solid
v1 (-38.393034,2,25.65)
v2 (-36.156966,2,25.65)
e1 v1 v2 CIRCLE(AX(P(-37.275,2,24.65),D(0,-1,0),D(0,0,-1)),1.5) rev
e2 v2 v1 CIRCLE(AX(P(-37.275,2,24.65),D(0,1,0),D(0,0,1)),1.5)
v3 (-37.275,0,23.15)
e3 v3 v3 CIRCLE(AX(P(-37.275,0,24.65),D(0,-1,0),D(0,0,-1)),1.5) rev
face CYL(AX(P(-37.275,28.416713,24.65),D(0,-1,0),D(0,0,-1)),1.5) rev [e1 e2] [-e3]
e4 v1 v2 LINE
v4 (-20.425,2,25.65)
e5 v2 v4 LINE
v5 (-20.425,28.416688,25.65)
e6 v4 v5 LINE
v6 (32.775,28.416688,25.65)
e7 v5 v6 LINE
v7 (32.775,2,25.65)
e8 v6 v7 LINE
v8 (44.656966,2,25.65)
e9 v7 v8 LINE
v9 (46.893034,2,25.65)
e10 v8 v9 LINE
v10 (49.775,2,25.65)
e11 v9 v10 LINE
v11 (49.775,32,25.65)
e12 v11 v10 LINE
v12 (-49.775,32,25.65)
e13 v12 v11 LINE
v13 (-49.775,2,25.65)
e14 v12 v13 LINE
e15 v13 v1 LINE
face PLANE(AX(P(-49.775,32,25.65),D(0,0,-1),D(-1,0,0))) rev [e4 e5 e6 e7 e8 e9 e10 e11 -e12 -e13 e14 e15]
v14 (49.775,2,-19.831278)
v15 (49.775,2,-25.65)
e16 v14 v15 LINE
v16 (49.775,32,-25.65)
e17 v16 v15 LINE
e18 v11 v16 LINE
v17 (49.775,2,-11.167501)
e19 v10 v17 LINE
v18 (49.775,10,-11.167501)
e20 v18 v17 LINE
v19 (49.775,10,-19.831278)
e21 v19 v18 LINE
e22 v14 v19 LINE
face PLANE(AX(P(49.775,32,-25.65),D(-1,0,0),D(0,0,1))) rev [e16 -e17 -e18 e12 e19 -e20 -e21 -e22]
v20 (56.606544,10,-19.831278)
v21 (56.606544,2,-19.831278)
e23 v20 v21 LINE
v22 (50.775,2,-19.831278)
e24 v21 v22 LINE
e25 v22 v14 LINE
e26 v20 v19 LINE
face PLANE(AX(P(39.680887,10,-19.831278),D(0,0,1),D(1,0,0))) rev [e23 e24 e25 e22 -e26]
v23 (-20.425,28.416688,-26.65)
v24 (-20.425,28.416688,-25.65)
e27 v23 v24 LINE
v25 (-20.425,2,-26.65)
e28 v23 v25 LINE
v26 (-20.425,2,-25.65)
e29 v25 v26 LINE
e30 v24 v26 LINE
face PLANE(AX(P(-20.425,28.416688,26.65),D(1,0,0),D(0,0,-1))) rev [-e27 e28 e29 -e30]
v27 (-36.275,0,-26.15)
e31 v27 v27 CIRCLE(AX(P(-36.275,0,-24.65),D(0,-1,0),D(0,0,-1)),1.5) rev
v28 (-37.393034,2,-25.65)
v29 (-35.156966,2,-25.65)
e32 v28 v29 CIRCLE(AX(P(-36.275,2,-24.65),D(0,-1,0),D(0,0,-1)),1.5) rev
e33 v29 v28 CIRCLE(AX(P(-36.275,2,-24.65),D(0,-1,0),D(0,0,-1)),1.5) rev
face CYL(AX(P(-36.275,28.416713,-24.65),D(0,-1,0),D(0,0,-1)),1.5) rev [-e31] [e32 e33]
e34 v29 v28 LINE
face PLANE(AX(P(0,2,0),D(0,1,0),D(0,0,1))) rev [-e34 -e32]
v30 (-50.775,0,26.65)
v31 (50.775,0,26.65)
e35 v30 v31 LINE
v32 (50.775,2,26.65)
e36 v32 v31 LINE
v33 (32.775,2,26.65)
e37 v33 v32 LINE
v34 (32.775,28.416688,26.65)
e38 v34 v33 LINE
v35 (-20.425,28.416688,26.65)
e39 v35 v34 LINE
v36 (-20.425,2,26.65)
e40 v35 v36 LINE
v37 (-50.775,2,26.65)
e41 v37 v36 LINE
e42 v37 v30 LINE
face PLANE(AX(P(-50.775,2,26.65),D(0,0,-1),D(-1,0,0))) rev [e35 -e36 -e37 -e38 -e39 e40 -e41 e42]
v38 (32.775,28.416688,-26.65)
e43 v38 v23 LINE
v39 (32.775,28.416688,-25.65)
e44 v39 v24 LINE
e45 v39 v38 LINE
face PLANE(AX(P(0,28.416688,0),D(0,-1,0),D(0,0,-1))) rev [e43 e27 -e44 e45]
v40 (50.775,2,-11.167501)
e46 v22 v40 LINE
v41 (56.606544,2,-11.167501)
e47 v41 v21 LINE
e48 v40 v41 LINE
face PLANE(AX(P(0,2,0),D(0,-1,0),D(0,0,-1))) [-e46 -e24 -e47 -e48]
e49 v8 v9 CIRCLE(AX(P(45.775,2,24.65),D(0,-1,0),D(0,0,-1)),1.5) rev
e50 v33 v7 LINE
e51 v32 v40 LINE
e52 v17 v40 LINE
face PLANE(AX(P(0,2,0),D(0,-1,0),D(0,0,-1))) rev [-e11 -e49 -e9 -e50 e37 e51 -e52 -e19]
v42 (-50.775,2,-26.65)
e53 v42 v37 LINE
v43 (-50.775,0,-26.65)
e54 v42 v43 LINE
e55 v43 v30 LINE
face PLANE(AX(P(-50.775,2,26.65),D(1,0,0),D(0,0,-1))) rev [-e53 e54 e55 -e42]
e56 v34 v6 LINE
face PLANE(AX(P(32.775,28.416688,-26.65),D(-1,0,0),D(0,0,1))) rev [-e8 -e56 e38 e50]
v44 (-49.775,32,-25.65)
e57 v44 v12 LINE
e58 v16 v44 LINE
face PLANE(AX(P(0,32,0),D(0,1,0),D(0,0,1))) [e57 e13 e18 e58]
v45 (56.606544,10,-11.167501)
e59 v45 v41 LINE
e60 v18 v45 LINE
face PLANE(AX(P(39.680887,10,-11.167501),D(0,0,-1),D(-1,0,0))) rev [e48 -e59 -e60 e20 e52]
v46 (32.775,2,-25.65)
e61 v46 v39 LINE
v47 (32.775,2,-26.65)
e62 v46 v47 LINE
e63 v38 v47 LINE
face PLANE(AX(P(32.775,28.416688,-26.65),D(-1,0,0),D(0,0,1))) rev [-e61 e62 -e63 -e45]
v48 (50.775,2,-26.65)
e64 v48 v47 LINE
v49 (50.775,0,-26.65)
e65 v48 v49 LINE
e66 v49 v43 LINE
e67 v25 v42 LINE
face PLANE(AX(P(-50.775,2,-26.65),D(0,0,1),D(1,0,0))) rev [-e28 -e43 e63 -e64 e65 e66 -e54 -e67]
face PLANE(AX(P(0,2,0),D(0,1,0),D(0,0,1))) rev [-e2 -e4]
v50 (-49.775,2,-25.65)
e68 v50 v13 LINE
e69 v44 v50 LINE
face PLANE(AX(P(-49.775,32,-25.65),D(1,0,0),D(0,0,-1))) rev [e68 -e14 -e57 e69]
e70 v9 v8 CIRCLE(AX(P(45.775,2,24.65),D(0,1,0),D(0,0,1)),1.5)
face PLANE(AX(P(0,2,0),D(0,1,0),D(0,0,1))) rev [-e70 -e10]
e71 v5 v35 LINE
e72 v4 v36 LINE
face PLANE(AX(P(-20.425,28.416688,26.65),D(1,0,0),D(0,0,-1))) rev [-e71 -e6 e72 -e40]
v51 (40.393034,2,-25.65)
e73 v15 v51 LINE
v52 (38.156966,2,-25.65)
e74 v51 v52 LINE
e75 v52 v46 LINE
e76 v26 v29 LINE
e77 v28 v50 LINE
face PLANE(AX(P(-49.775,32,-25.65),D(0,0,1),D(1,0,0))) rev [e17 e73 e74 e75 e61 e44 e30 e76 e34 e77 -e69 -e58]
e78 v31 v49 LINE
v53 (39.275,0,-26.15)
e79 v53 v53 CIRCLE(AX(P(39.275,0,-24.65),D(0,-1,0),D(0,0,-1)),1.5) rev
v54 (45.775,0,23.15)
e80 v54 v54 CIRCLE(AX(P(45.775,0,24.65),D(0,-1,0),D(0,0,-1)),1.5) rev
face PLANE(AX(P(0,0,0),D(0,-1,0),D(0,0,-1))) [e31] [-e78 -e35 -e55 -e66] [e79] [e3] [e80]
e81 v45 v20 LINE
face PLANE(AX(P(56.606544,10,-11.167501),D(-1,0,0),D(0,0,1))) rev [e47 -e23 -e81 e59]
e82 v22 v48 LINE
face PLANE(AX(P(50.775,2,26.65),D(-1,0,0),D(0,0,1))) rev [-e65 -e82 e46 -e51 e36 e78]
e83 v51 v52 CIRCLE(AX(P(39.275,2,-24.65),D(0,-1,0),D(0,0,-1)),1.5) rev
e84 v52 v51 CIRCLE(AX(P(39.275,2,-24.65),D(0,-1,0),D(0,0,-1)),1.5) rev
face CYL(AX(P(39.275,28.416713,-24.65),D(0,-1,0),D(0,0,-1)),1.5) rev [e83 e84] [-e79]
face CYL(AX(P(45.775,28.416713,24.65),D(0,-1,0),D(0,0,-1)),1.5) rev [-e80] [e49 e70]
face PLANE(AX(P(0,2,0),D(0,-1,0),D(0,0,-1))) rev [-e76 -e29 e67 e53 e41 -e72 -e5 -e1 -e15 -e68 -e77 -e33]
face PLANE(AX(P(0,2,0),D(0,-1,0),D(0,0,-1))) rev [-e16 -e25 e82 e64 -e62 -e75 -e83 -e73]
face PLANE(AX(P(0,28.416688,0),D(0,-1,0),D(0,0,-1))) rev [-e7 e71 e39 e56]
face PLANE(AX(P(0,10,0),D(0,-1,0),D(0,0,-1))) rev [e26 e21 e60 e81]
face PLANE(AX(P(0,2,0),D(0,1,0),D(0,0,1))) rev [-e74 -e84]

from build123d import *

# Parameters (mm, degrees)
ESBO_O1_W                  = 101.55
ESBO_O1_H                  = 53.3
RESSALTO_EXTRUS_O1_DEPTH   = 2
ESBO_O2_W                  = 53.2
ESBO_O2_H                  = 53.3
RESSALTO_EXTRUS_O2_DEPTH   = 26.416687688
CORTE_EXTRUS_O2_DEPTH      = 64.136079332
CORTE_EXTRUS_O2_DEPTH_BACK = 64.64
ESBO_O5_R                  = 1.5
ESBO_O6_W                  = 99.55
ESBO_O6_H                  = 51.3
RESSALTO_EXTRUS_O4_DEPTH   = 30
ESBO_O7_W                  = 16.925657076
ESBO_O7_H                  = 8.663776605
RESSALTO_EXTRUS_O5_DEPTH   = 8


with BuildPart() as part:
    # Esboço1 → Ressalto-extrusão1 (new body)
    with BuildSketch(Plane(origin=(0, 0, 0), x_dir=(1, 0, 0), z_dir=(0, 1, 0))):
        Rectangle(ESBO_O1_W, ESBO_O1_H)
    extrude(amount=RESSALTO_EXTRUS_O1_DEPTH)

    # Esboço2 → Ressalto-extrusão2 (add)
    with BuildSketch(Plane(origin=(0, 2, 0), x_dir=(1, 0, 0), z_dir=(0, 1, 0))):
        with Locations((6.175, 0)):
            Rectangle(ESBO_O2_W, ESBO_O2_H)
    extrude(amount=RESSALTO_EXTRUS_O2_DEPTH)

    # Esboço5 → Corte-extrusão2 (cut, two sides: drawn at the far end of the back side and taken through both)
    with BuildSketch(Plane(origin=(0, 2, 0), x_dir=(1, 0, 0), z_dir=(0, 1, 0)).offset(-CORTE_EXTRUS_O2_DEPTH_BACK)):
        with Locations(Location((-37.275, -24.65, 0), (0, 0, 90))):
            Circle(ESBO_O5_R)
        with Locations(Location((45.775, -24.65, 0), (0, 0, 90))):
            Circle(ESBO_O5_R)
        with Locations(Location((-36.275, 24.65, 0), (0, 0, 90))):
            Circle(ESBO_O5_R)
        with Locations(Location((39.275, 24.65, 0), (0, 0, 90))):
            Circle(ESBO_O5_R)
    extrude(amount=CORTE_EXTRUS_O2_DEPTH + CORTE_EXTRUS_O2_DEPTH_BACK, mode=Mode.SUBTRACT)

    # Esboço6 → Ressalto-extrusão4 (add)
    with BuildSketch(Plane(origin=(0, 2, 0), x_dir=(1, 0, 0), z_dir=(0, 1, 0))):
        Rectangle(ESBO_O6_W, ESBO_O6_H)
    extrude(amount=RESSALTO_EXTRUS_O4_DEPTH)

    # Esboço7 → Ressalto-extrusão5 (add)
    with BuildSketch(Plane(origin=(0, 2, 0), x_dir=(1, 0, 0), z_dir=(0, 1, 0))):
        with Locations((48.14371548, 15.499389289)):
            Rectangle(ESBO_O7_W, ESBO_O7_H)
    extrude(amount=RESSALTO_EXTRUS_O5_DEPTH)


solid = part.part
